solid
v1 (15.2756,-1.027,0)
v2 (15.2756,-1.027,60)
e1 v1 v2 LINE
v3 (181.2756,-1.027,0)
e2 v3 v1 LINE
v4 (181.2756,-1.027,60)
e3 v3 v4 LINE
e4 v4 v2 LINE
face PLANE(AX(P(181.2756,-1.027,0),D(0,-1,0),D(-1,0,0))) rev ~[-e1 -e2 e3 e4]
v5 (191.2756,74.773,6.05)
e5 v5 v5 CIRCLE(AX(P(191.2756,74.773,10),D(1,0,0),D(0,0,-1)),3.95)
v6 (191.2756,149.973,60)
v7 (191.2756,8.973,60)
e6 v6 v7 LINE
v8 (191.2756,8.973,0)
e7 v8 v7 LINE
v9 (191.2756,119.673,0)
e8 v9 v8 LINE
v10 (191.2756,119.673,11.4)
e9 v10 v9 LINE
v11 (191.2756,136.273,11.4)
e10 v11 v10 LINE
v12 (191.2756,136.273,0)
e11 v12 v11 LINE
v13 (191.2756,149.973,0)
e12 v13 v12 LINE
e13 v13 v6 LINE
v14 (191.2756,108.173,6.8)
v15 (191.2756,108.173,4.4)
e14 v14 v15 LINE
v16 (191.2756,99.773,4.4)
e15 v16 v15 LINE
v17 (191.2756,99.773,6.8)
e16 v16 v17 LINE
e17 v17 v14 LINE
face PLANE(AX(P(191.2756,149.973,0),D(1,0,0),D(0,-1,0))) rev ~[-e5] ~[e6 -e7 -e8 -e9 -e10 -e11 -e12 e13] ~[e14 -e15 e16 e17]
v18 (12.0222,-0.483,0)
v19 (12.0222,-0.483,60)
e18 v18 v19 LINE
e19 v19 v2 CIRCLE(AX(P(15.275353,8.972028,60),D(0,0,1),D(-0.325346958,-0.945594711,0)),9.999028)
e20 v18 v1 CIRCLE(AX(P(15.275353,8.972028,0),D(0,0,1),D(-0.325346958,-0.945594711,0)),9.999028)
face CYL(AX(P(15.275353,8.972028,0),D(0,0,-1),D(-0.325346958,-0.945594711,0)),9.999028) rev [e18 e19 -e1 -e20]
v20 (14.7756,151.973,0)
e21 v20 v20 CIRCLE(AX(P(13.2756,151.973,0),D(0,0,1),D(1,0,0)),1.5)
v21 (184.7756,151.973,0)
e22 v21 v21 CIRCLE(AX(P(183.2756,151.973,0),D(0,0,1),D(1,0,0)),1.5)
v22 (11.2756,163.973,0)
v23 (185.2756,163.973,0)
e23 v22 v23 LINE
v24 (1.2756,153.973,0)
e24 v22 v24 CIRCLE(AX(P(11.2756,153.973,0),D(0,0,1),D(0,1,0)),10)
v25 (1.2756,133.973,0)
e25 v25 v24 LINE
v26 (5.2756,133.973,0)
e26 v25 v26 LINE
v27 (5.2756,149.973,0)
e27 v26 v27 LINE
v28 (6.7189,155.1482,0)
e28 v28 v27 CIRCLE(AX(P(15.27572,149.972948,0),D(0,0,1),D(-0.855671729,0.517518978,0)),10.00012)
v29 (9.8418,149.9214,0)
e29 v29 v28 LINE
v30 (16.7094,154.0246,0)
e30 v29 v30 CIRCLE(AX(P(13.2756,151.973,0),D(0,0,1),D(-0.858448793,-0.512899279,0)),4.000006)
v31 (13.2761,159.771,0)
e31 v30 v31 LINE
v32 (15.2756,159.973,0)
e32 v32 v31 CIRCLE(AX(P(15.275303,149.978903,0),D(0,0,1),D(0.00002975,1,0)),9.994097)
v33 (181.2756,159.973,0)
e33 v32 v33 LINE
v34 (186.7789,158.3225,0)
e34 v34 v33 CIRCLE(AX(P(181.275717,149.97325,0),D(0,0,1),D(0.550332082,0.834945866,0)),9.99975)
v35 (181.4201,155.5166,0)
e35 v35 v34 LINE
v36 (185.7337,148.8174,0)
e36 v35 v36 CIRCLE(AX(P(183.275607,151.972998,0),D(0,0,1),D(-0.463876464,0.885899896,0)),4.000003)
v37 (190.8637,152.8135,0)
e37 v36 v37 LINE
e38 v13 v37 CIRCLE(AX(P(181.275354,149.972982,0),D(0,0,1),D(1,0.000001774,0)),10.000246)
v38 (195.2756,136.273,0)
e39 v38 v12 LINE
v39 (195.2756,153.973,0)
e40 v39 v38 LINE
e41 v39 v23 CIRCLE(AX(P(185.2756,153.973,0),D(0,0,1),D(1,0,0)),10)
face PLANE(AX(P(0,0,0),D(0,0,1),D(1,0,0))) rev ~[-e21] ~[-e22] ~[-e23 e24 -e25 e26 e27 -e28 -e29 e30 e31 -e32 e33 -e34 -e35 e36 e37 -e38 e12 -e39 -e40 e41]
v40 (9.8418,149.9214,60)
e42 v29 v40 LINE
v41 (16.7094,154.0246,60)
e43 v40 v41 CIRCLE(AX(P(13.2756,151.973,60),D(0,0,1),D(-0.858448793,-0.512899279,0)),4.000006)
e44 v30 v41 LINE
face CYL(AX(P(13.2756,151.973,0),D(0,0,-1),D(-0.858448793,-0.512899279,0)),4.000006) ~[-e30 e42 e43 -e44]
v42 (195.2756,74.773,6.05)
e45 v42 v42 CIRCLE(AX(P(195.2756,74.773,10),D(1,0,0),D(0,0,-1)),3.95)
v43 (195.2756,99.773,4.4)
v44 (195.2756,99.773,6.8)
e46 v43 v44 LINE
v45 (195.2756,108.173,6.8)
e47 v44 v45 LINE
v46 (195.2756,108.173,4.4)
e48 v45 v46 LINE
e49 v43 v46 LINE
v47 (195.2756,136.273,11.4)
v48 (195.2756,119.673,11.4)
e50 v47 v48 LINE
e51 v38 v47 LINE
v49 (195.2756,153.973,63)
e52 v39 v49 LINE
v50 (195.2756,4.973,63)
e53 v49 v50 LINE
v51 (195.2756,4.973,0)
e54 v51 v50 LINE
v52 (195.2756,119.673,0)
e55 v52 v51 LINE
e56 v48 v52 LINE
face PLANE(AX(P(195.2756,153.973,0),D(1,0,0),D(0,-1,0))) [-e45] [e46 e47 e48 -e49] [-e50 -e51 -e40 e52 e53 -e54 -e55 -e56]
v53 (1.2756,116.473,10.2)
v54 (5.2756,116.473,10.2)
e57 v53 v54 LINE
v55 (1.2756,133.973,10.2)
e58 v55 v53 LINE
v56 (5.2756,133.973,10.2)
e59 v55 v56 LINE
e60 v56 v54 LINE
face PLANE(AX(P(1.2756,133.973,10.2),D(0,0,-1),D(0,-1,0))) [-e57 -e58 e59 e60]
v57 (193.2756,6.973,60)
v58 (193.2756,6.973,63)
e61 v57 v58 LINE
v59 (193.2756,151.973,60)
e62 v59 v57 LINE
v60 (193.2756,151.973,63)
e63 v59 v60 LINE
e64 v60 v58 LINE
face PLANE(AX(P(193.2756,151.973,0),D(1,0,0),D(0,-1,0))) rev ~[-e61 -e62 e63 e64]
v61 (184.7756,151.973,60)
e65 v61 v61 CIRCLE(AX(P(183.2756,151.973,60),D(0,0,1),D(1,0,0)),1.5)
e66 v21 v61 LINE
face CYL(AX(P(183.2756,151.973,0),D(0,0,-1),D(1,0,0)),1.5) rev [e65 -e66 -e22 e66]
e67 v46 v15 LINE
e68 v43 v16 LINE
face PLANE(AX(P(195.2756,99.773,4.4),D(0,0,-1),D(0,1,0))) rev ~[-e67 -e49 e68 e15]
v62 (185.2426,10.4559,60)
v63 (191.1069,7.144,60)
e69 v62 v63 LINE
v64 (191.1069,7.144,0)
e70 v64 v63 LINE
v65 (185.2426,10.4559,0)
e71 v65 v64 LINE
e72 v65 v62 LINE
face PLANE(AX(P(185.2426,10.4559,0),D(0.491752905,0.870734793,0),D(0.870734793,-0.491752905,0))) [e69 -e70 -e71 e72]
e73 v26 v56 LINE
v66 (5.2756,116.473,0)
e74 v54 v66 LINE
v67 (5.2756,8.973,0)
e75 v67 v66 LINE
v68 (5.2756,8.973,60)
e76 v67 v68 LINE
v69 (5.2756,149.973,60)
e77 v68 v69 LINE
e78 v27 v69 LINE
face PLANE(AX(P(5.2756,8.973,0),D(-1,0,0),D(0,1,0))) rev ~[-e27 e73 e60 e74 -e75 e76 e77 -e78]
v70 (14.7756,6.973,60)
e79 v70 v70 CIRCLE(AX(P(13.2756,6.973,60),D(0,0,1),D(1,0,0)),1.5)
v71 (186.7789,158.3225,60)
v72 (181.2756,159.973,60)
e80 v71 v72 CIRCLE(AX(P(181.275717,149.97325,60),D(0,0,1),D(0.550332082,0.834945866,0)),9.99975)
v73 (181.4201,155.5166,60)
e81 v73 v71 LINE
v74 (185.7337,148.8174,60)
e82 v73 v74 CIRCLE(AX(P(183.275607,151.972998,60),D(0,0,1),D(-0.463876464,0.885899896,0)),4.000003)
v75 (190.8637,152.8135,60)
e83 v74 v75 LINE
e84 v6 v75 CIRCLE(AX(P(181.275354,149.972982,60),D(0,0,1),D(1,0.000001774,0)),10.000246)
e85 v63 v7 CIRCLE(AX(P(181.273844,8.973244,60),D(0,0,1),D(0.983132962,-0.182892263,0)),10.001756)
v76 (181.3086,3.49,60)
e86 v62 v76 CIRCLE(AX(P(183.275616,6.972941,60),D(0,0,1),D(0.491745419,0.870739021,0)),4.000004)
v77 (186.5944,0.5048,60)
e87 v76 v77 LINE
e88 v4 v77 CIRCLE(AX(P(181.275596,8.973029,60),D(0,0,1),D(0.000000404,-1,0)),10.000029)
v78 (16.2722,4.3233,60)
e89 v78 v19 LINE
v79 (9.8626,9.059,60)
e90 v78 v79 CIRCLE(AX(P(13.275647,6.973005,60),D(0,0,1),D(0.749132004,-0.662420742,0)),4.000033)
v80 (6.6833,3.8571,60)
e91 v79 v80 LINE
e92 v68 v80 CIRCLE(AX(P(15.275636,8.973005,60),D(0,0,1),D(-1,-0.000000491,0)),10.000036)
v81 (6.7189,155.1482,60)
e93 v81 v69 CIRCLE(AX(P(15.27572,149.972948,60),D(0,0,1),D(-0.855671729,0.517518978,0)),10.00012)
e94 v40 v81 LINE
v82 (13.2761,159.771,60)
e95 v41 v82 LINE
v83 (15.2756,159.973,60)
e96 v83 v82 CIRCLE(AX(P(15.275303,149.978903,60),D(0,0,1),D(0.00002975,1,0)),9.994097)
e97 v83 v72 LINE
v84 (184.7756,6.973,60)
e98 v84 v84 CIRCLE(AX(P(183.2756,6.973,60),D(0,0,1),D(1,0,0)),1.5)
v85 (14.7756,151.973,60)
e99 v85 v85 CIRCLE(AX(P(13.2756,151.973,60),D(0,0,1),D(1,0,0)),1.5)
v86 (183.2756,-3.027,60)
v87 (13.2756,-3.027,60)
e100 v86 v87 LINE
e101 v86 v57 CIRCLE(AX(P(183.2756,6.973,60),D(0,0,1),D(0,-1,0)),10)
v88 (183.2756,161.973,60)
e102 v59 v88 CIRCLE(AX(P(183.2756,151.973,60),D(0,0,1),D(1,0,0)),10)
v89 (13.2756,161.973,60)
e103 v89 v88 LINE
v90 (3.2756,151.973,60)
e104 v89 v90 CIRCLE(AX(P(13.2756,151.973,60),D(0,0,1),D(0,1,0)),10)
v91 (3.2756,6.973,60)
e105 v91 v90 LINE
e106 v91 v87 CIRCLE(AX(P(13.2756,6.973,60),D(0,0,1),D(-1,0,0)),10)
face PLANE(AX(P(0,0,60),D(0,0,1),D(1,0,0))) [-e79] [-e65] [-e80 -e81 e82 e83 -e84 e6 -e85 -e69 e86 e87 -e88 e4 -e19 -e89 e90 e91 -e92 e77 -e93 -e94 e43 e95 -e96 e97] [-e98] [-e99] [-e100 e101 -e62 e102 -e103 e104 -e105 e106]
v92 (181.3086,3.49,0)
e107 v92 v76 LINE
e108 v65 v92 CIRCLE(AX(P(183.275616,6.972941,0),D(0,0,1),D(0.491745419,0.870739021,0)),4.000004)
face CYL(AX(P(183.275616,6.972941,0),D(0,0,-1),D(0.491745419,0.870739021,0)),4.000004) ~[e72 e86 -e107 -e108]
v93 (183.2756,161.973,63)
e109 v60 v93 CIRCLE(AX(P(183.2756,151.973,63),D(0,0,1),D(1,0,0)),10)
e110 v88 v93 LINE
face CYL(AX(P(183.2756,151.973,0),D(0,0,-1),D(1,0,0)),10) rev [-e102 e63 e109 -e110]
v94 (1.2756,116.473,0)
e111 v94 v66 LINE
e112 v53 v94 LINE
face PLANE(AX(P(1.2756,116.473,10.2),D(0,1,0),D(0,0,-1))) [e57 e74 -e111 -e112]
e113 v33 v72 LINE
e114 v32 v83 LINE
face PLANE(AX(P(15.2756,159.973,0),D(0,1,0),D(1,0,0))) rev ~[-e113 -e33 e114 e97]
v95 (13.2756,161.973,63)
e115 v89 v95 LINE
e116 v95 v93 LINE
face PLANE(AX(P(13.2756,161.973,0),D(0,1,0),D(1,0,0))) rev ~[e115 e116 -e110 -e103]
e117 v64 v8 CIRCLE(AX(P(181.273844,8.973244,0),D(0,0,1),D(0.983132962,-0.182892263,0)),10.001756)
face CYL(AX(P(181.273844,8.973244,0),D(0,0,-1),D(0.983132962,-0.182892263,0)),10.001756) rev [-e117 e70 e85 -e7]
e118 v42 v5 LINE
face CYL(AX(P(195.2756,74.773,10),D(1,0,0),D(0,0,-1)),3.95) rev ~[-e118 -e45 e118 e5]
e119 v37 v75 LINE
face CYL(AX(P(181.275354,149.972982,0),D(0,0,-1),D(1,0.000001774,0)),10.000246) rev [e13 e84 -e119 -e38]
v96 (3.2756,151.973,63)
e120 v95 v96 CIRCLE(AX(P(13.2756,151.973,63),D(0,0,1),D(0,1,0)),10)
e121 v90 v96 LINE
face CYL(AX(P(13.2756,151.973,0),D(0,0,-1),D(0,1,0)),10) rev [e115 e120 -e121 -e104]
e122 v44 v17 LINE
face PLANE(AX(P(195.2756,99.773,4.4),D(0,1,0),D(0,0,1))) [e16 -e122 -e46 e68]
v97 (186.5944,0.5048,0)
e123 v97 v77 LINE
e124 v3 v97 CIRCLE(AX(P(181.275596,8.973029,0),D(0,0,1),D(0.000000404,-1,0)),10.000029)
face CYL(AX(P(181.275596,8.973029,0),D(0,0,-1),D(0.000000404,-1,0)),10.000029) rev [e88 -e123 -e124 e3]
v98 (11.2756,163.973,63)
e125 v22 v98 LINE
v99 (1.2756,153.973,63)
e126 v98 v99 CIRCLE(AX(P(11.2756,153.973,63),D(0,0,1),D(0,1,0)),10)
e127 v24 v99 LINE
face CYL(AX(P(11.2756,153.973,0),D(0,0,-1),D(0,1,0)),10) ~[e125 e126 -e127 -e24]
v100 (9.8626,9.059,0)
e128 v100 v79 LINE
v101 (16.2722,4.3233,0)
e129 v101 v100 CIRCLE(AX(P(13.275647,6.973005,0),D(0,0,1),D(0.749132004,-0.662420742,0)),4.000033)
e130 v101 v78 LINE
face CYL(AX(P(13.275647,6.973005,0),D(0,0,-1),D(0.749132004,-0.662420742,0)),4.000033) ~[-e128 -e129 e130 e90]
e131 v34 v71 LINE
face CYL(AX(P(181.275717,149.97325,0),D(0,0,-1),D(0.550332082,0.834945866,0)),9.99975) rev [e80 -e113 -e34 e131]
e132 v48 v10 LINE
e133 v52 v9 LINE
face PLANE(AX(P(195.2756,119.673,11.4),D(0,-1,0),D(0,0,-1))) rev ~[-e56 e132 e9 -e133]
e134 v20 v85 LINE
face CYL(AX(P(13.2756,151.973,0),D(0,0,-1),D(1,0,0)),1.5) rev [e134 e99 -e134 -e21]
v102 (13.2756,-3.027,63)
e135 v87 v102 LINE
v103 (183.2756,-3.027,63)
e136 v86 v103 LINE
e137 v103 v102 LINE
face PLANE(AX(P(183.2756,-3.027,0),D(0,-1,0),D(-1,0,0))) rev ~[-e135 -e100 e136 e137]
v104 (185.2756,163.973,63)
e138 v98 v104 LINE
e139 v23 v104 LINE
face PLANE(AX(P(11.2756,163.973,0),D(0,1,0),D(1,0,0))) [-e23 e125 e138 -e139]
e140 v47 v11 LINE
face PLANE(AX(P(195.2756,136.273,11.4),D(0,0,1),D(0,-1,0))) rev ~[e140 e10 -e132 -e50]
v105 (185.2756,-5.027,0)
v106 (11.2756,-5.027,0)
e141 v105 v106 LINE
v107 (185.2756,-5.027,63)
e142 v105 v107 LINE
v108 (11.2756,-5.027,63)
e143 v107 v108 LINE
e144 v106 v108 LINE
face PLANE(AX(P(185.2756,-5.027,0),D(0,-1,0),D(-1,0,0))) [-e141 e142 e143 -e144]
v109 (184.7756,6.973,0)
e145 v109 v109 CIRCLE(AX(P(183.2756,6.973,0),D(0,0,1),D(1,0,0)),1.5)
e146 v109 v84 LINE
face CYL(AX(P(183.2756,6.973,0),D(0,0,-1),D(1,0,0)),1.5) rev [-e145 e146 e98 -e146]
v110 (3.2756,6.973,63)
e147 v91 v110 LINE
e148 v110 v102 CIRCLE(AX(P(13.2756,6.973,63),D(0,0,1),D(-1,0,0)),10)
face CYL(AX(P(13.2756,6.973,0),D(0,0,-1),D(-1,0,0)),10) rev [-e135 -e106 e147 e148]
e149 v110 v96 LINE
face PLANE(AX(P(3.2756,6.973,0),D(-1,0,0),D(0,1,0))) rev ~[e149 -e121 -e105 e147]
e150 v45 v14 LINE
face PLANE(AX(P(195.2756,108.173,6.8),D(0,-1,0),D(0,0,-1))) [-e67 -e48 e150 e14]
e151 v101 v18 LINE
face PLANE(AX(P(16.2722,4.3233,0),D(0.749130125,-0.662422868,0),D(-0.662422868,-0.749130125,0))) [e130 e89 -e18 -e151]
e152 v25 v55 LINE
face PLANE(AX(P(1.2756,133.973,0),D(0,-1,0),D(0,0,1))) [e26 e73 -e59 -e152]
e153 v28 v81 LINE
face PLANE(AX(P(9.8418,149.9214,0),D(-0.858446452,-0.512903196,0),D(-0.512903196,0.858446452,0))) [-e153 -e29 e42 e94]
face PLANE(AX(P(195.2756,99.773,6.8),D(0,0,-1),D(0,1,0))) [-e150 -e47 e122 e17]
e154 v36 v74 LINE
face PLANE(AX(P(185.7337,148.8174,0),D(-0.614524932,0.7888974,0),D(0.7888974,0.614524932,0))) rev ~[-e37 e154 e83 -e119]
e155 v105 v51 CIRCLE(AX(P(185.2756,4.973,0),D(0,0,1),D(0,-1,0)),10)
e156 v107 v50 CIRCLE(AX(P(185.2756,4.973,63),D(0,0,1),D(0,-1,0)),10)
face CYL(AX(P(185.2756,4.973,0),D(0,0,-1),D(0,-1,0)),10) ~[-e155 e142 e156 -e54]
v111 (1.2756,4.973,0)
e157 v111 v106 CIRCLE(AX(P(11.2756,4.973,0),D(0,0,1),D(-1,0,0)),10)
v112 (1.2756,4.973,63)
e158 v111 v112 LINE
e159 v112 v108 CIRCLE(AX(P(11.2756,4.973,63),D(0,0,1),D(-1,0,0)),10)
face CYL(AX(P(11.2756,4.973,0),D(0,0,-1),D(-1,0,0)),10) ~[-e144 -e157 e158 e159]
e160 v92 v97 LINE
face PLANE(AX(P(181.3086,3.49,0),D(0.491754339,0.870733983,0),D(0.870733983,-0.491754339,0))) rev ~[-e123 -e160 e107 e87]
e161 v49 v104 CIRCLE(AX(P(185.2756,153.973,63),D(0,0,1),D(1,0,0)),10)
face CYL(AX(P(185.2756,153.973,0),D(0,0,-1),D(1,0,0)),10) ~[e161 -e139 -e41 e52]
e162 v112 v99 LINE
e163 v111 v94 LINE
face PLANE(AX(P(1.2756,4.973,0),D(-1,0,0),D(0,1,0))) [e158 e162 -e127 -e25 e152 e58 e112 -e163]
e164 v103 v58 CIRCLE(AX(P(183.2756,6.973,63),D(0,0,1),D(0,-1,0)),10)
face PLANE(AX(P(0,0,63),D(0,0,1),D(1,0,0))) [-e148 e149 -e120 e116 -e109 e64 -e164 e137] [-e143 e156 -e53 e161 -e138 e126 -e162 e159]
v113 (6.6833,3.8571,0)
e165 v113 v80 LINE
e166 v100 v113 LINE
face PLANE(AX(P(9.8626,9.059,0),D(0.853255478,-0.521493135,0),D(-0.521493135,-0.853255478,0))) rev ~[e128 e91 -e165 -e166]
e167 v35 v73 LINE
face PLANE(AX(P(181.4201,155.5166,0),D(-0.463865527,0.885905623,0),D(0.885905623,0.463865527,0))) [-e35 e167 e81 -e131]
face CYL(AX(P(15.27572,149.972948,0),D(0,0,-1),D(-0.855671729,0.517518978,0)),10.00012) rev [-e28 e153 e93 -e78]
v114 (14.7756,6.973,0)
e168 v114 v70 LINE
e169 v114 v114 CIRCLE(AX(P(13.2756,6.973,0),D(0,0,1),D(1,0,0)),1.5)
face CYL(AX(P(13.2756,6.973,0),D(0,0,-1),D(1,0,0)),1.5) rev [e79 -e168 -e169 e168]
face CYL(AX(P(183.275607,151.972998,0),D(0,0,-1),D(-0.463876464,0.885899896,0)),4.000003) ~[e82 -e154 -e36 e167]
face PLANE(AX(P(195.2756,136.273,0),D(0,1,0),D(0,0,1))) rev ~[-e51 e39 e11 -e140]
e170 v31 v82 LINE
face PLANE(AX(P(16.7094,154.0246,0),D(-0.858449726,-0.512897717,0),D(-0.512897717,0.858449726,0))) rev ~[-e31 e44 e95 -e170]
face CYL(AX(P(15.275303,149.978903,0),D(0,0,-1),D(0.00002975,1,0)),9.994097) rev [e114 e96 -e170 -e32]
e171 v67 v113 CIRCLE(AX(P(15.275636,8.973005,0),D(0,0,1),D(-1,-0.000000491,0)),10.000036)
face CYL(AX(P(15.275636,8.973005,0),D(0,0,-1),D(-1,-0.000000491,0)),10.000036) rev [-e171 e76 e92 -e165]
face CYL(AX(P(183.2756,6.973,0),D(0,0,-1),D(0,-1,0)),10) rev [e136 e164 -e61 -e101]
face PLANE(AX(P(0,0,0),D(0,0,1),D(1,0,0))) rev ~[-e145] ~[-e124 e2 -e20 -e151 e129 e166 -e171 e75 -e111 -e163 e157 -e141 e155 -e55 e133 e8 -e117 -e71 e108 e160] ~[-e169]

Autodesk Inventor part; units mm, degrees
ref_plane "YZ Plane" through (0, 0, 0) normal (1, 0, 0) x (0, 1, 0)
ref_plane "XZ Plane" through (0, 0, 0) normal (0, 1, 0) x (-1, 0, 0)
ref_plane "XY Plane" through (0, 0, 0) normal (0, 0, 1) x (1, 0, 0)
sketch "Sketch1" plane through (0, 0, 0) normal (0, 0, 1) x (1, 0, 0)
  line L0 (13.2756, 161.973) -> (183.2756, 161.973)
  line L1 (193.2756, 151.973) -> (193.2756, 6.973)
  line L2 (183.2756, -3.027) -> (13.2756, -3.027)
  line L3 (3.2756, 6.973) -> (3.2756, 151.973)
  arc A0 (13.2756, 161.973) -> (3.2756, 151.973) centre (13.2756, 151.973) ccw
  arc A1 (193.2756, 151.973) -> (183.2756, 161.973) centre (183.2756, 151.973) ccw
  arc A2 (183.2756, -3.027) -> (193.2756, 6.973) centre (183.2756, 6.973) ccw
  arc A3 (3.2756, 6.973) -> (13.2756, -3.027) centre (13.2756, 6.973) ccw
  circle A4 centre (13.2756, 151.973) radius 1.5
  circle A5 centre (183.2756, 151.973) radius 1.5
  circle A6 centre (183.2756, 6.973) radius 1.5
  circle A7 centre (13.2756, 6.973) radius 1.5
  line L4 (15.2756, 159.973) -> (181.2756, 159.973)
  line L5 (191.2756, 149.973) -> (191.2756, 8.973)
  line L6 (181.2756, -1.027) -> (15.2756, -1.027)
  line L7 (5.2756, 8.973) -> (5.2756, 149.973)
  line L8 (11.2756, 163.973) -> (185.2756, 163.973)
  line L9 (195.2756, 153.973) -> (195.2756, 4.973)
  line L10 (185.2756, -5.027) -> (11.2756, -5.027)
  line L11 (1.2756, 4.973) -> (1.2756, 153.973)
  arc A8 (195.2756, 153.973) -> (185.2756, 163.973) centre (185.2756, 153.973) ccw
  arc A9 (11.2756, 163.973) -> (1.2756, 153.973) centre (11.2756, 153.973) ccw
  arc A10 (1.2756, 4.973) -> (11.2756, -5.027) centre (11.2756, 4.973) ccw
  arc A11 (185.2756, -5.027) -> (195.2756, 4.973) centre (185.2756, 4.973) ccw
  arc A12 (9.8418, 149.9214) -> (16.7094, 154.0246) centre (13.2756, 151.973) ccw
  line L12 (16.7094, 154.0246) -> (13.2761, 159.771)
  line L13 (16.7094, 154.0246) -> (9.8418, 149.9214) construction
  line L14 (9.8418, 149.9214) -> (6.7189, 155.1482)
  arc A13 (15.2756, 159.973) -> (13.2761, 159.771) centre (15.2756, 149.973) ccw
  arc A14 (6.7189, 155.1482) -> (5.2756, 149.973) centre (15.2756, 149.973) ccw
  arc A15 (181.4201, 155.5166) -> (185.7337, 148.8174) centre (183.2756, 151.973) ccw
  arc A16 (185.2426, 10.4559) -> (181.3086, 3.49) centre (183.2756, 6.973) ccw
  arc A17 (16.2722, 4.3233) -> (9.8626, 9.059) centre (13.2756, 6.973) ccw
  line L15 (185.7337, 148.8174) -> (190.8637, 152.8135)
  line L16 (185.7337, 148.8174) -> (181.4201, 155.5166) construction
  line L17 (181.4201, 155.5166) -> (186.7789, 158.3225)
  arc A18 (191.2756, 149.973) -> (190.8637, 152.8135) centre (181.2756, 149.973) ccw
  arc A19 (186.7789, 158.3225) -> (181.2756, 159.973) centre (181.2756, 149.973) ccw
  line L18 (16.2722, 4.3233) -> (12.0222, -0.483)
  line L19 (16.2722, 4.3233) -> (9.8626, 9.059) construction
  line L20 (9.8626, 9.059) -> (6.6833, 3.8571)
  arc A20 (5.2756, 8.973) -> (6.6833, 3.8571) centre (15.2756, 8.973) ccw
  arc A21 (12.0222, -0.483) -> (15.2756, -1.027) centre (15.2756, 8.973) ccw
  line L21 (185.2426, 10.4559) -> (191.1069, 7.144)
  line L22 (185.2426, 10.4559) -> (181.3086, 3.49) construction
  line L23 (181.3086, 3.49) -> (186.5944, 0.5048)
  arc A22 (181.2756, -1.027) -> (186.5944, 0.5048) centre (181.2756, 8.973) ccw
  arc A23 (191.1069, 7.144) -> (191.2756, 8.973) centre (181.2756, 8.973) ccw
  point P0 (0, 0)
  point P1 (193.2756, -3.027)
  point P2 (193.2756, 161.973)
  point P3 (3.2756, -3.027)
  point P4 (191.2756, -1.027)
  point P5 (191.2756, 159.973)
  point P6 (5.2756, -1.027)
  point P7 (195.2756, -5.027)
  point P8 (195.2756, 163.973)
  point P9 (1.2756, -5.027)
  dimension "d0" = 190
  dimension "d1" = 165
  dimension "d2" = 10
  dimension "a" = 3
  dimension "d4" = 3
  dimension "d5" = 3
  dimension "d6" = 3
  dimension "d7" = 186
  dimension "d8" = 161
  dimension "d9" = 2
  dimension "d10" = 2
  dimension "d11" = 2
  dimension "d12" = 2
  dimension "d14" = 194
  dimension "d15" = 169
  dimension "d16" = 2
  dimension "d17" = 2
  dimension "d18" = 10
  dimension "d19" = 8
  dimension "d20" = 8
  dimension "d21" = 8
  dimension "d22" = 8
extrude "Extrusion1" add sketch "Sketch1" along normal blind 63 contours L8 A8 L9 A11 L10 A10 L11 A9
extrude "Extrusion2" add sketch "Sketch1" along normal blind 60 contours L0 A1 L1 A2 L2 A3 L3 A0
sketch "Sketch2" plane through (195.2756, 4.973, 0) normal (1, 0, 0) x (0, 0, -1)
  line L0 (0, 0) -> (0, 149) construction
  line L1 (0, 149) -> (-63, 149) construction
  line L2 (-63, 0) -> (-63, 149) construction
  line L3 (0, 0) -> (-63, 0) construction
  line L4 (-11.4, 114.7) -> (0, 114.7)
  line L5 (0, 114.7) -> (0, 131.3)
  line L6 (0, 131.3) -> (-11.4, 131.3)
  line L7 (-11.4, 131.3) -> (-11.4, 114.7)
  line L8 (0, 0) -> (0, 149) projected
  line L9 (0, 94.8) -> (-6.8, 94.8)
  line L10 (-6.8, 94.8) -> (-6.8, 103.2)
  line L11 (-6.8, 103.2) -> (0, 103.2)
  line L12 (0, 103.2) -> (0, 94.8)
  line L13 (0, 94.8) -> (-4.4, 94.8)
  line L14 (-4.4, 94.8) -> (-4.4, 103.2)
  line L15 (-4.4, 103.2) -> (0, 103.2)
  line L16 (0, 103.2) -> (0, 94.8)
  circle A0 centre (-10, 69.8) radius 3.95
  point P0 (0, -4.973)
  dimension "d27" = 11.4
  dimension "d28" = 16.6
  dimension "d29" = 17.7
  dimension "d30" = 11.5
  dimension "d31" = 6.8
  dimension "d32" = 8.4
  dimension "d33" = 4.4
  dimension "d34" = 7.9
  dimension "d35" = 25
  dimension "d36" = 10
extrude "Extrusion3" cut sketch "Sketch2" against normal blind 10 contours L7 L6 L5 L4 | L14 L9 L10 L11 | A0
sketch "Sketch3" plane through (1.2756, 4.973, 0) normal (-1, 0, 0) x (0, 0, 1)
  line L0 (0, 149) -> (0, 0) projected
  line L1 (0, 0) -> (63, 0) projected
  line L2 (63, 149) -> (63, 0) projected
  line L3 (0, 149) -> (63, 149) projected
  line L4 (0, 4) -> (0, 145) projected
  line L5 (0, 129) -> (10.2, 129)
  line L6 (10.2, 129) -> (10.2, 111.5)
  line L7 (10.2, 111.5) -> (0, 111.5)
  line L8 (0, 111.5) -> (0, 129)
  point P0 (0, -4.973)
  point P1 (0, 111.5)
  dimension "d39" = 17.5
  dimension "d40" = 10.2
  dimension "d41" = 20
extrude "Extrusion4" cut sketch "Sketch3" against normal blind 10 contours L5 L6 L7 L0
equation "\"d4\" = a"
equation "\"d5\" = a"
equation "\"d6\" = a"
properties part number "Housing"
